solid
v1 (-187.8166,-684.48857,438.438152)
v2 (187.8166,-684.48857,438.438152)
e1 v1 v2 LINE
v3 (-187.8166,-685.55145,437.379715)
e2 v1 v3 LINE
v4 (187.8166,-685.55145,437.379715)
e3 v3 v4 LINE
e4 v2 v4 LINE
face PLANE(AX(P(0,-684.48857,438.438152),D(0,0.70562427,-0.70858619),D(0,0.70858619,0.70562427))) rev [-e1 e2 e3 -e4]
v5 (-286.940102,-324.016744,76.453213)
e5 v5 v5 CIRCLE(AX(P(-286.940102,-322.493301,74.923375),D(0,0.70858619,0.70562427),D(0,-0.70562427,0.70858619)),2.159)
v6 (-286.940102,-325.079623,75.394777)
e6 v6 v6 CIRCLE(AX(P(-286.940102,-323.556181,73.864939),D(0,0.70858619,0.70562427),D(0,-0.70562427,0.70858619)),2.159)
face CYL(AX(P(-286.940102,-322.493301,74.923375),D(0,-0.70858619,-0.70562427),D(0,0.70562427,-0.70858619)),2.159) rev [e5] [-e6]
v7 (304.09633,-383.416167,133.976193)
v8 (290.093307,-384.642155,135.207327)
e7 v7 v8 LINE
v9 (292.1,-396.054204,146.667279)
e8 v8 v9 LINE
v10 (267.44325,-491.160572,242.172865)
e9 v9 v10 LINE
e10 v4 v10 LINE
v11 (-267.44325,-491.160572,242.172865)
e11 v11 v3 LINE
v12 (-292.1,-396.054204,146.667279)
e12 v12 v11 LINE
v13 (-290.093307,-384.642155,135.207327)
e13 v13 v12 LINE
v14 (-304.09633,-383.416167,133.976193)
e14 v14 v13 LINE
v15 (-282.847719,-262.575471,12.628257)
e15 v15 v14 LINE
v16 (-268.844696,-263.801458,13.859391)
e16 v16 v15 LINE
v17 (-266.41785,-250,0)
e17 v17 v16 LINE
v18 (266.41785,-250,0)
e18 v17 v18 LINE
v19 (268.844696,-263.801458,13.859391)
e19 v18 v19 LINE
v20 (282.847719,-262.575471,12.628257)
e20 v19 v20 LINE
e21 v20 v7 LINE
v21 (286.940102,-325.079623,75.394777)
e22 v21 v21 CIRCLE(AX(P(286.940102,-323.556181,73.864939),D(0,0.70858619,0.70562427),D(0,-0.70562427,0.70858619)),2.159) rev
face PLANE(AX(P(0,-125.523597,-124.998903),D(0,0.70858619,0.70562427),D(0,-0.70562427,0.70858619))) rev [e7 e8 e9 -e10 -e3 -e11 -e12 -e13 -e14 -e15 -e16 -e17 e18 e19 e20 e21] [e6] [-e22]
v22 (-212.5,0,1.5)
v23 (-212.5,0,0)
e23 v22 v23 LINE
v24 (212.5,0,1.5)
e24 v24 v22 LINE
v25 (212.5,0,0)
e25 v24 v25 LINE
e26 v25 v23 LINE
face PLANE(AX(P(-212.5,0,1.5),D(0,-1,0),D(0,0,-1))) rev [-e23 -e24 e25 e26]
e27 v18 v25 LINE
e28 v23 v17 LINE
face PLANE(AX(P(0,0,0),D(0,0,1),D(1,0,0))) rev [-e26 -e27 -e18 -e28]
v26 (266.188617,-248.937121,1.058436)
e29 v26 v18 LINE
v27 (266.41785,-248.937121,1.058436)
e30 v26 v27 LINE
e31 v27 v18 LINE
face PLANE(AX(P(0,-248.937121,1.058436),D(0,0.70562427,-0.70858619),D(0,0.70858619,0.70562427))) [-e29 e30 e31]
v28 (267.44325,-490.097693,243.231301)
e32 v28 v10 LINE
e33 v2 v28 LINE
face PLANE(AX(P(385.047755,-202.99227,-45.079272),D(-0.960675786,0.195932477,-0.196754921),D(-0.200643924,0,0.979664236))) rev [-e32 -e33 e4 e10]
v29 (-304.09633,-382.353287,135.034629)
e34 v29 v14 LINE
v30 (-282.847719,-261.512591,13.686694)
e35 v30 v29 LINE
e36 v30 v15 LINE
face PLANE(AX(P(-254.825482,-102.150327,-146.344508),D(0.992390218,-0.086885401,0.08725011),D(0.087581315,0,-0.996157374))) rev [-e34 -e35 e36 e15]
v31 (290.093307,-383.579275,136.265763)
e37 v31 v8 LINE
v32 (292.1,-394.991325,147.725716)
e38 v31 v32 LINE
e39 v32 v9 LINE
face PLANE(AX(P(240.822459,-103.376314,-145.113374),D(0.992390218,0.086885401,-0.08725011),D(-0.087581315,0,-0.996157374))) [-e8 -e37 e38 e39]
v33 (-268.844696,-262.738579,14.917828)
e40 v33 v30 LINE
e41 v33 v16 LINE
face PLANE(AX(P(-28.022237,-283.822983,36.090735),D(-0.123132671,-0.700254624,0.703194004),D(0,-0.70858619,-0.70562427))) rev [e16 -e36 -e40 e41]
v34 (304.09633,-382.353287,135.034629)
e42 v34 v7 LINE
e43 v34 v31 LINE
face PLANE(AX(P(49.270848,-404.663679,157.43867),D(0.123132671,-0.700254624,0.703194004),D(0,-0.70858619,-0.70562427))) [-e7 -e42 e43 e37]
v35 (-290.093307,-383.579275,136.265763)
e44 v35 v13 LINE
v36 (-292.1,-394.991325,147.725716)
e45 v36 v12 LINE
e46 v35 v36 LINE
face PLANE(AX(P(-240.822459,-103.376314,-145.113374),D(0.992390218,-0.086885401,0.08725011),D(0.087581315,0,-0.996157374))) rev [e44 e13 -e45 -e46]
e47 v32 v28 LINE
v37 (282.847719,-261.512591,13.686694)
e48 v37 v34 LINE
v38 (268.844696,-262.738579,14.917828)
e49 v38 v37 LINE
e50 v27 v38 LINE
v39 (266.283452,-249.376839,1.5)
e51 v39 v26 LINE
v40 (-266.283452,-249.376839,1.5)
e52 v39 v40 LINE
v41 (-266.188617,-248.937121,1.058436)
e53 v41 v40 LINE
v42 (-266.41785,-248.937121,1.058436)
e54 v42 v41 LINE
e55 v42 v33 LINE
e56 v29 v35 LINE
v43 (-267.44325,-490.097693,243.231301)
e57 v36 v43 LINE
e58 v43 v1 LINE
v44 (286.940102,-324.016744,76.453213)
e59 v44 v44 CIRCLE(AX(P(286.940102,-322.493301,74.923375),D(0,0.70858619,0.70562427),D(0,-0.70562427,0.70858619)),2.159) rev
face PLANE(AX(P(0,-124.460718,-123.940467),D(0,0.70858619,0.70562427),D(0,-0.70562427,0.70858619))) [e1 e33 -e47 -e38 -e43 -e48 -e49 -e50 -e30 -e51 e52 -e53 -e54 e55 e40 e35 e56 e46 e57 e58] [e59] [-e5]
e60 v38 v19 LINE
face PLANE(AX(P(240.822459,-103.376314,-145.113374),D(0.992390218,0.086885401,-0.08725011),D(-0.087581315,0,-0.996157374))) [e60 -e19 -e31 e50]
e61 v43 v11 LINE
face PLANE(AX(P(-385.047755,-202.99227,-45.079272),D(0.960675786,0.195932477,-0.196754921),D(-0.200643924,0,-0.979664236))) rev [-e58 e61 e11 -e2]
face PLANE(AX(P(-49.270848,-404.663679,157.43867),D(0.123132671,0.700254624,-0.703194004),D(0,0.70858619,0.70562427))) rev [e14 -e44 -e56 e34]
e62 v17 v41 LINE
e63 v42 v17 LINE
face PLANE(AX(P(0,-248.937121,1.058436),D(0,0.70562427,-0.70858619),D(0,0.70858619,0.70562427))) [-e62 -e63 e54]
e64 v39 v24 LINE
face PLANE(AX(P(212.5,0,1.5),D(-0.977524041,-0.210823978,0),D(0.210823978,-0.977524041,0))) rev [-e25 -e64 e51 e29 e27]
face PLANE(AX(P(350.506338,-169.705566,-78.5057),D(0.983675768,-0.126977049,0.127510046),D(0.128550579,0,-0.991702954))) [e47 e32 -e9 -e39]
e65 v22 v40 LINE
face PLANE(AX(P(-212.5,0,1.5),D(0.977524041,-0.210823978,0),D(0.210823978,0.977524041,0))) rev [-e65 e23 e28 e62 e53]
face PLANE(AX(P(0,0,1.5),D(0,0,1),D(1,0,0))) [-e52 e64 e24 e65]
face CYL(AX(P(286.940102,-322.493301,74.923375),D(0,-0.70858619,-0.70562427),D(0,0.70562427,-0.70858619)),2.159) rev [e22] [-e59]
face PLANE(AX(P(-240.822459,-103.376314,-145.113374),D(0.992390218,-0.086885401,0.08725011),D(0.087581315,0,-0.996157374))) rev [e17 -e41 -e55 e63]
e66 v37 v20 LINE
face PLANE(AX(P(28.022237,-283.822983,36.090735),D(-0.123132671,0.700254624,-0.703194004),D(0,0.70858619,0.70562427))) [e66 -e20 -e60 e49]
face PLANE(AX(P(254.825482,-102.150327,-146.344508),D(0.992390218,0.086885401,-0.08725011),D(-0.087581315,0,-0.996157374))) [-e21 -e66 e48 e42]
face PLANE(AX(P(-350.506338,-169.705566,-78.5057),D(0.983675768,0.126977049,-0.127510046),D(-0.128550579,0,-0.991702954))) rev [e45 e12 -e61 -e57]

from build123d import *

# Parameters (mm, degrees)
UPPER_DEPTH = 1.5
SKETCH2_R   = 2.159
LOWER_DEPTH = 1.5


with BuildPart() as part:
    # Sketch1 → Upper (new body)
    with BuildSketch(Plane.XY):
        Polygon((-212.5, 0), (212.5, 0), (266.41785, -250), (-266.41785, -250), align=None)
    extrude(amount=UPPER_DEPTH)

    # Sketch2 → Lower (add)
    with BuildSketch(Plane(origin=(0, -125.523597244, -124.998903379), x_dir=(1, 0, 0), z_dir=(0, 0.70858619, 0.70562427))):
        Polygon((-187.8166, -793.662967608), (187.8166, -793.662967608), (267.44325, -518.175167608), (292.1, -383.391867608), (266.41785, -176.406067608), (-266.41785, -176.406067608), (-292.1, -383.391867608), (-267.44325, -518.175167608), align=None)
        Polygon((-290.093306858, -367.218884221), (-268.844696442, -195.965284898), (-282.847719378, -194.227833655), (-304.096329794, -365.481432978), align=None)
        with Locations((-286.940102201, -280.648769571)):
            Circle(SKETCH2_R, mode=Mode.SUBTRACT)
        Polygon((282.847719378, -194.227833655), (268.844696442, -195.965284898), (290.093306858, -367.218884221), (304.096329794, -365.481432978), align=None)
        with Locations((286.940102201, -280.648769571)):
            Circle(SKETCH2_R, mode=Mode.SUBTRACT)
    extrude(amount=LOWER_DEPTH)


solid = part.part
